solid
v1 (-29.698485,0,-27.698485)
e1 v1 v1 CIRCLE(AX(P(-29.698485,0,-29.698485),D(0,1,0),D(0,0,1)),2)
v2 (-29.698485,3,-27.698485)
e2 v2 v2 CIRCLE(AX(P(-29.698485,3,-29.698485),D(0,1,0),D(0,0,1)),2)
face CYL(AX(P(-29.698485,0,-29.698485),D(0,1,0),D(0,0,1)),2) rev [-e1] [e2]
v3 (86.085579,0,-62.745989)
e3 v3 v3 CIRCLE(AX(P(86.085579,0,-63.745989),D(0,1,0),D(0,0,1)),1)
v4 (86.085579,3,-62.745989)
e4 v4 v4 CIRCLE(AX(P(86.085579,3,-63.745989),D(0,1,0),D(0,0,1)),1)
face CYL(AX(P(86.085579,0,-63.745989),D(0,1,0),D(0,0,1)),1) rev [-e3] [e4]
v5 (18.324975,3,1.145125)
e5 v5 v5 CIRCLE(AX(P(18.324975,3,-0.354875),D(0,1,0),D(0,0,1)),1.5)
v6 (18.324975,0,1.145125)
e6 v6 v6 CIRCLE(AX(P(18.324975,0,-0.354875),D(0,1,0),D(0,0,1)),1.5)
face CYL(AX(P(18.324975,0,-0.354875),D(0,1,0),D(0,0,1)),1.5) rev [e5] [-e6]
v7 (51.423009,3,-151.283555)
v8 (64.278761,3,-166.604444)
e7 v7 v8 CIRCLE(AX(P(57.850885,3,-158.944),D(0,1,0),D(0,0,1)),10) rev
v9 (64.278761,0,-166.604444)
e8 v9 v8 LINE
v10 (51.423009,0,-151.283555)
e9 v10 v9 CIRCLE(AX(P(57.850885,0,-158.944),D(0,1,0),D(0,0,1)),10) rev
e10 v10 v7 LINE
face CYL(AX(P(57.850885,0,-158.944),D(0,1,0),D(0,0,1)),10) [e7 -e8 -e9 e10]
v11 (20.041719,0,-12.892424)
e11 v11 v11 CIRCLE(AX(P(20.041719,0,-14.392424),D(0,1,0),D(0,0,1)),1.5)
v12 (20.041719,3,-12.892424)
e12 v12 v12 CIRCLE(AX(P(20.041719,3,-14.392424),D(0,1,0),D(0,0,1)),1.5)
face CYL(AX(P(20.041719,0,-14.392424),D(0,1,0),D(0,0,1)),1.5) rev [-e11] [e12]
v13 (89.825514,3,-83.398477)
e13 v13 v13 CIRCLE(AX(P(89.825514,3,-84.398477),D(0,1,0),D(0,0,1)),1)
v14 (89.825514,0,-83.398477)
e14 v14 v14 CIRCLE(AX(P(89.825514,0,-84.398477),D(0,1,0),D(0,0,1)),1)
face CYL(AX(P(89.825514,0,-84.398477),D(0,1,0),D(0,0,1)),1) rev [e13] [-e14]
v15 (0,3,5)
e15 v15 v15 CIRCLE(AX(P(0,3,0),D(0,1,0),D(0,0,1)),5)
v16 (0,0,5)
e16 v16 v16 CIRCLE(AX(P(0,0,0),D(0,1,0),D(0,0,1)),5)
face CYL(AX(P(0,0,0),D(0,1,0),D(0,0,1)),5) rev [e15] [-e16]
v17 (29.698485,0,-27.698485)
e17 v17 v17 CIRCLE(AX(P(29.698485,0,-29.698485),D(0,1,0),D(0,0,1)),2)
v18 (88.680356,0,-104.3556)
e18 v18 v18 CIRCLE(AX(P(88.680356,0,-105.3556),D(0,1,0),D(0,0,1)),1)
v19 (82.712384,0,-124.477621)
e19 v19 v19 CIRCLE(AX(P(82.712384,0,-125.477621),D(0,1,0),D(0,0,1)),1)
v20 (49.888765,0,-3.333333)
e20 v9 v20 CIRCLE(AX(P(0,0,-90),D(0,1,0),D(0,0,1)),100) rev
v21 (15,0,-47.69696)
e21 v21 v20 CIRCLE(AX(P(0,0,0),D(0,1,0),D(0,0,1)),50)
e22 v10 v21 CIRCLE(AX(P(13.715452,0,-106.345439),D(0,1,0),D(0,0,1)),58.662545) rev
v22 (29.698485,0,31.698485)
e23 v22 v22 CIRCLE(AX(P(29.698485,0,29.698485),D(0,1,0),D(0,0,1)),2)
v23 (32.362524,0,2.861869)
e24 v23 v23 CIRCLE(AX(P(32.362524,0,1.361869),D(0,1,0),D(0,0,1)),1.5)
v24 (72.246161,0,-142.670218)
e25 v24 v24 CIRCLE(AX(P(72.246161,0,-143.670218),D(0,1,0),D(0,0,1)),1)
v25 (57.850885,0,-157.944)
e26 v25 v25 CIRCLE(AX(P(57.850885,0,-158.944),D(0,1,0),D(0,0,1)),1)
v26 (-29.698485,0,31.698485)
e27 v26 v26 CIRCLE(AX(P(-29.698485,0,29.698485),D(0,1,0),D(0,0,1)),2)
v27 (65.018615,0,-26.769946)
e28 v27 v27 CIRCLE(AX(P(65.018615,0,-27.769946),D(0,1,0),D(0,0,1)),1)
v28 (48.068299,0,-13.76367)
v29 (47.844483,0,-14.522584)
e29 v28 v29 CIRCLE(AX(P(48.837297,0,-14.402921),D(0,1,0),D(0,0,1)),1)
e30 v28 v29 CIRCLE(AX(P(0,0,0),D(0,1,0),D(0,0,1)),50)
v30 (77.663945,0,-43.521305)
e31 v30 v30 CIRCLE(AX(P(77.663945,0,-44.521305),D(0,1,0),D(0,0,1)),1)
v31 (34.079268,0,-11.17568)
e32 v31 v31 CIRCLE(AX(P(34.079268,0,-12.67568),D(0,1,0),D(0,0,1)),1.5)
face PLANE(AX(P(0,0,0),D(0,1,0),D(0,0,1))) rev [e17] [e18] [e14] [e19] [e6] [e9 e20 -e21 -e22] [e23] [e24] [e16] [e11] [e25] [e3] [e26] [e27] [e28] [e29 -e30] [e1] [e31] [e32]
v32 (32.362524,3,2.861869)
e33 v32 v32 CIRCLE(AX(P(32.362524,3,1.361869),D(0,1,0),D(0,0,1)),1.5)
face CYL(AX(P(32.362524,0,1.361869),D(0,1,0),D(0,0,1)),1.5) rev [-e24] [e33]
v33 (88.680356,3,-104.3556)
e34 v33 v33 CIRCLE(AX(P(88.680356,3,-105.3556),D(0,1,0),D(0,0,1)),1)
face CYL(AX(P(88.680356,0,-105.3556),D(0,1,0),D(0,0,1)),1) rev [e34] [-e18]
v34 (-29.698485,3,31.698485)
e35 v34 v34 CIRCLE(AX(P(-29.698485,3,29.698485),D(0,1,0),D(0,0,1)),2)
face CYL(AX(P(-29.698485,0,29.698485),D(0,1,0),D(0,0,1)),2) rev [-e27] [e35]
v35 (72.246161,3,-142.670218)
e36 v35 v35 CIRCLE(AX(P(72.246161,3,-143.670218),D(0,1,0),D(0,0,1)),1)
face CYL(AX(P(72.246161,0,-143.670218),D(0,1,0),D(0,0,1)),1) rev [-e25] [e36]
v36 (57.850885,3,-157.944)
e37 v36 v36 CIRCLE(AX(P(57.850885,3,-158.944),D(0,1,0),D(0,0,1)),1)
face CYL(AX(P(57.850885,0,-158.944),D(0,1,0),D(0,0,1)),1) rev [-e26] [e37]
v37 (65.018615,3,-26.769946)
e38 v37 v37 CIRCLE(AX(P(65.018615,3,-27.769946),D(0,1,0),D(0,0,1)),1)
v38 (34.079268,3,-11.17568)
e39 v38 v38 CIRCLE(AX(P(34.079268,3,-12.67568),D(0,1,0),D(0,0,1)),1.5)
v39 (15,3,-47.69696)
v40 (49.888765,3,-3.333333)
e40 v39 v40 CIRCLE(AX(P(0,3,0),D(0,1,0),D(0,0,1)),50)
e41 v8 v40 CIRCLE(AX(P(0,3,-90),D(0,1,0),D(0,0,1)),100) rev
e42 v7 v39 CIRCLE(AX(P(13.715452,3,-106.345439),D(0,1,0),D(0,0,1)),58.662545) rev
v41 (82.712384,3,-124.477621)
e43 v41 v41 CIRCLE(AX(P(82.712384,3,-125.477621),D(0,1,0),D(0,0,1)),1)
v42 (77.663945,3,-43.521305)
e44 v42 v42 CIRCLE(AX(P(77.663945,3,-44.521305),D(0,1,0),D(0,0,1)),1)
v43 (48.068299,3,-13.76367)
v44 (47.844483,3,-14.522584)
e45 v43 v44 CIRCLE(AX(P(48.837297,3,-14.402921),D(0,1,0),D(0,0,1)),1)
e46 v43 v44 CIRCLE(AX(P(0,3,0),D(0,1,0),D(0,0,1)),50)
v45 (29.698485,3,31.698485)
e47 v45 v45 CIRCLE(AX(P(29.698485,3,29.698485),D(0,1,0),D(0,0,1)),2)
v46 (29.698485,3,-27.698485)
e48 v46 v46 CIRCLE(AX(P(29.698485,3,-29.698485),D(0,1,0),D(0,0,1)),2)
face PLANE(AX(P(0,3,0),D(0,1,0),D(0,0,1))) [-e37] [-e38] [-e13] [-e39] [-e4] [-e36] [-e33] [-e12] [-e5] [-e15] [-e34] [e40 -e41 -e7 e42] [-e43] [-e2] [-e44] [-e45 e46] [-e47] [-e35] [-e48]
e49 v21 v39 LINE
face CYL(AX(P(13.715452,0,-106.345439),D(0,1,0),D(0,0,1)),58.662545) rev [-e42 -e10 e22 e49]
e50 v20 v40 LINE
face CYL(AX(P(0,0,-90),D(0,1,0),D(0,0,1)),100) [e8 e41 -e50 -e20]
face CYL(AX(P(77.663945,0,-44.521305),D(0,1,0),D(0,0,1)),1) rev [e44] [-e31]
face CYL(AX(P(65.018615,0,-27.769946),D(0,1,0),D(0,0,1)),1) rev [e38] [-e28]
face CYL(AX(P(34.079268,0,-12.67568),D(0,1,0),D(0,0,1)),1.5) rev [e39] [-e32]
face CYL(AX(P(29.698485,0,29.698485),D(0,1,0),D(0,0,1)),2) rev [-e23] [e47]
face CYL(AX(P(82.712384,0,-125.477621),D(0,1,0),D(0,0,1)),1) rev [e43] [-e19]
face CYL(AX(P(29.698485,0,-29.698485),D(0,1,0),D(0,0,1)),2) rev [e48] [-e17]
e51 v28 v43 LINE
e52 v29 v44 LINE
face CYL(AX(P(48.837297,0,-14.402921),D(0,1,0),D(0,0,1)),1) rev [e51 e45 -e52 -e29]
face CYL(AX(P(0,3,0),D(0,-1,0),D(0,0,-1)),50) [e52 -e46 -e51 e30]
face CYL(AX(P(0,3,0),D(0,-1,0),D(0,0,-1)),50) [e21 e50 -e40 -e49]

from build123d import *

# Parameters (mm, degrees)
IZIM1_R               = 50
TOP_COVER_DEPTH       = 3
IZIM2_R               = 2
SPACER_DELIKLER_DEPTH = 71.774289117
IZIM4_R               = 5
KES_EKSTR_ZYON3_DEPTH = 71.774289117
IZIM4_3_R             = 1.5
KES_EKSTR_ZYON4_DEPTH = 71.774289117
KANCA_START           = -3
KANCA_DELIKLERI_DEPTH = 3


with BuildPart() as part:
    # Çizim1 → top cover (new body)
    with BuildSketch(Plane(origin=(0, 0, 0), x_dir=(1, 0, 0), z_dir=(0, 1, 0))):
        Circle(IZIM1_R)
    extrude(amount=TOP_COVER_DEPTH)

    # Çizim2 → spacer delikler (cut, through all)
    with BuildSketch(Plane(origin=(0, 3, 0), x_dir=(1, 0, 0), z_dir=(0, 1, 0))):
        with Locations((-29.69848481, 29.69848481)):
            Circle(IZIM2_R)
        with Locations((29.69848481, 29.69848481)):
            Circle(IZIM2_R)
        with Locations((29.69848481, -29.69848481)):
            Circle(IZIM2_R)
        with Locations((-29.69848481, -29.69848481)):
            Circle(IZIM2_R)
    extrude(amount=-SPACER_DELIKLER_DEPTH, mode=Mode.SUBTRACT)

    # Çizim4 → Kes-Ekstrüzyon3 (cut, through all)
    with BuildSketch(Plane(origin=(0, 3, 0), x_dir=(1, 0, 0), z_dir=(0, 1, 0))):
        Circle(IZIM4_R)
    extrude(amount=-KES_EKSTR_ZYON3_DEPTH, mode=Mode.SUBTRACT)

    # Çizim4<3> → Kes-Ekstrüzyon4 (cut, through all)
    with BuildSketch(Plane(origin=(0, 3, 0), x_dir=(1, 0, 0), z_dir=(0, 1, 0))):
        with Locations((34.079267821, 12.675680455)):
            Circle(IZIM4_3_R)
        with Locations((32.362523879, -1.361868841)):
            Circle(IZIM4_3_R)
        with Locations((18.324974583, 0.354875101)):
            Circle(IZIM4_3_R)
        with Locations((20.041718525, 14.392424397)):
            Circle(IZIM4_3_R)
    extrude(amount=-KES_EKSTR_ZYON4_DEPTH, mode=Mode.SUBTRACT)

    # Çizim3 → kanca delikleri (add)
    with BuildSketch(Plane(origin=(0, 3, 0), x_dir=(1, 0, 0), z_dir=(0, 1, 0)).offset(KANCA_START)):
        with BuildLine():
            ThreePointArc((48.06829925, 13.763669832), (49.2554017, 8.596825189), (49.888765157, 3.333333333))
            ThreePointArc((49.888765157, 3.333333333), (99.613854084, 81.220474128), (64.278760969, 166.604444312))
            ThreePointArc((64.278760969, 166.604444312), (50.190440441, 165.371875978), (51.423008775, 151.28355545))
            ThreePointArc((51.423008775, 151.28355545), (69.056591634, 86.88644621), (15, 47.696960071))
            ThreePointArc((15, 47.696960071), (35.531564272, 35.178231058), (47.844482908, 14.522584318))
            ThreePointArc((47.844482908, 14.522584318), (48.609720304, 15.376680878), (49.674237351, 14.950215566))
            ThreePointArc((49.674237351, 14.950215566), (49.795665804, 14.688455458), (49.837297416, 14.402920816))
            ThreePointArc((49.837297416, 14.402920816), (49.177151674, 13.462442702), (48.06829925, 13.763669832))
        make_face()
        with BuildLine():
            ThreePointArc((66.018615213, 27.769945559), (65.40884087, 26.849226309), (64.32316734, 27.051369011))
            ThreePointArc((64.32316734, 27.051369011), (64.296186155, 28.461390608), (65.706036097, 28.496204829))
            ThreePointArc((65.706036097, 28.496204829), (65.937152334, 28.1652803), (66.018615213, 27.769945559))
        make_face(mode=Mode.SUBTRACT)
        with BuildLine():
            ThreePointArc((78.663944618, 44.521304918), (78.158866275, 43.652367317), (77.153839511, 43.661192844))
            ThreePointArc((77.153839511, 43.661192844), (76.8010119, 45.026623752), (78.164461583, 45.387031646))
            ThreePointArc((78.164461583, 45.387031646), (78.530119244, 45.021046368), (78.663944618, 44.521304918))
        make_face(mode=Mode.SUBTRACT)
        with BuildLine():
            ThreePointArc((87.08557892, 63.745988838), (86.678444563, 62.940687448), (85.788558261, 62.791117785))
            ThreePointArc((85.788558261, 62.791117785), (85.129072487, 64.037700073), (86.371971728, 64.704101127))
            ThreePointArc((86.371971728, 64.704101127), (86.887574184, 64.343319229), (87.08557892, 63.745988838))
        make_face(mode=Mode.SUBTRACT)
        with BuildLine():
            ThreePointArc((90.825513882, 84.398477371), (90.508235288, 83.667798589), (89.757730918, 83.400777281))
            ThreePointArc((89.757730918, 83.400777281), (88.827452617, 84.460716511), (89.882207277, 85.396869007))
            ThreePointArc((89.882207277, 85.396869007), (90.552388492, 85.085247567), (90.825513882, 84.398477371))
        make_face(mode=Mode.SUBTRACT)
        with BuildLine():
            ThreePointArc((89.680355962, 105.355600491), (89.443619041, 104.70951267), (88.845497016, 104.369330532))
            ThreePointArc((88.845497016, 104.369330532), (87.695018674, 105.184982708), (88.504266716, 106.339974697))
            ThreePointArc((88.504266716, 106.339974697), (89.322193462, 106.122441168), (89.680355962, 105.355600491))
        make_face(mode=Mode.SUBTRACT)
        with BuildLine():
            ThreePointArc((58.850884872, 158.943999881), (58.789623808, 158.59937079), (58.613346451, 158.296966388))
            ThreePointArc((58.613346451, 158.296966388), (56.912145936, 159.288628972), (58.850884872, 158.943999881))
        make_face(mode=Mode.SUBTRACT)
        with BuildLine():
            ThreePointArc((83.712383709, 125.47762085), (83.545775574, 124.924938302), (83.10146771, 124.556418571))
            ThreePointArc((83.10146771, 124.556418571), (81.793357223, 125.083425063), (82.313088302, 126.394443177))
            ThreePointArc((82.313088302, 126.394443177), (83.260427773, 126.314070313), (83.712383709, 125.47762085))
        make_face(mode=Mode.SUBTRACT)
        with BuildLine():
            ThreePointArc((73.246160797, 143.670217534), (73.138311823, 143.218480281), (72.838027705, 142.864181825))
            ThreePointArc((72.838027705, 142.864181825), (71.443425677, 143.073881783), (71.64537461, 144.469627289))
            ThreePointArc((71.64537461, 144.469627289), (72.692934684, 144.564864444), (73.246160797, 143.670217534))
        make_face(mode=Mode.SUBTRACT)
    extrude(amount=KANCA_DELIKLERI_DEPTH)


solid = part.part
